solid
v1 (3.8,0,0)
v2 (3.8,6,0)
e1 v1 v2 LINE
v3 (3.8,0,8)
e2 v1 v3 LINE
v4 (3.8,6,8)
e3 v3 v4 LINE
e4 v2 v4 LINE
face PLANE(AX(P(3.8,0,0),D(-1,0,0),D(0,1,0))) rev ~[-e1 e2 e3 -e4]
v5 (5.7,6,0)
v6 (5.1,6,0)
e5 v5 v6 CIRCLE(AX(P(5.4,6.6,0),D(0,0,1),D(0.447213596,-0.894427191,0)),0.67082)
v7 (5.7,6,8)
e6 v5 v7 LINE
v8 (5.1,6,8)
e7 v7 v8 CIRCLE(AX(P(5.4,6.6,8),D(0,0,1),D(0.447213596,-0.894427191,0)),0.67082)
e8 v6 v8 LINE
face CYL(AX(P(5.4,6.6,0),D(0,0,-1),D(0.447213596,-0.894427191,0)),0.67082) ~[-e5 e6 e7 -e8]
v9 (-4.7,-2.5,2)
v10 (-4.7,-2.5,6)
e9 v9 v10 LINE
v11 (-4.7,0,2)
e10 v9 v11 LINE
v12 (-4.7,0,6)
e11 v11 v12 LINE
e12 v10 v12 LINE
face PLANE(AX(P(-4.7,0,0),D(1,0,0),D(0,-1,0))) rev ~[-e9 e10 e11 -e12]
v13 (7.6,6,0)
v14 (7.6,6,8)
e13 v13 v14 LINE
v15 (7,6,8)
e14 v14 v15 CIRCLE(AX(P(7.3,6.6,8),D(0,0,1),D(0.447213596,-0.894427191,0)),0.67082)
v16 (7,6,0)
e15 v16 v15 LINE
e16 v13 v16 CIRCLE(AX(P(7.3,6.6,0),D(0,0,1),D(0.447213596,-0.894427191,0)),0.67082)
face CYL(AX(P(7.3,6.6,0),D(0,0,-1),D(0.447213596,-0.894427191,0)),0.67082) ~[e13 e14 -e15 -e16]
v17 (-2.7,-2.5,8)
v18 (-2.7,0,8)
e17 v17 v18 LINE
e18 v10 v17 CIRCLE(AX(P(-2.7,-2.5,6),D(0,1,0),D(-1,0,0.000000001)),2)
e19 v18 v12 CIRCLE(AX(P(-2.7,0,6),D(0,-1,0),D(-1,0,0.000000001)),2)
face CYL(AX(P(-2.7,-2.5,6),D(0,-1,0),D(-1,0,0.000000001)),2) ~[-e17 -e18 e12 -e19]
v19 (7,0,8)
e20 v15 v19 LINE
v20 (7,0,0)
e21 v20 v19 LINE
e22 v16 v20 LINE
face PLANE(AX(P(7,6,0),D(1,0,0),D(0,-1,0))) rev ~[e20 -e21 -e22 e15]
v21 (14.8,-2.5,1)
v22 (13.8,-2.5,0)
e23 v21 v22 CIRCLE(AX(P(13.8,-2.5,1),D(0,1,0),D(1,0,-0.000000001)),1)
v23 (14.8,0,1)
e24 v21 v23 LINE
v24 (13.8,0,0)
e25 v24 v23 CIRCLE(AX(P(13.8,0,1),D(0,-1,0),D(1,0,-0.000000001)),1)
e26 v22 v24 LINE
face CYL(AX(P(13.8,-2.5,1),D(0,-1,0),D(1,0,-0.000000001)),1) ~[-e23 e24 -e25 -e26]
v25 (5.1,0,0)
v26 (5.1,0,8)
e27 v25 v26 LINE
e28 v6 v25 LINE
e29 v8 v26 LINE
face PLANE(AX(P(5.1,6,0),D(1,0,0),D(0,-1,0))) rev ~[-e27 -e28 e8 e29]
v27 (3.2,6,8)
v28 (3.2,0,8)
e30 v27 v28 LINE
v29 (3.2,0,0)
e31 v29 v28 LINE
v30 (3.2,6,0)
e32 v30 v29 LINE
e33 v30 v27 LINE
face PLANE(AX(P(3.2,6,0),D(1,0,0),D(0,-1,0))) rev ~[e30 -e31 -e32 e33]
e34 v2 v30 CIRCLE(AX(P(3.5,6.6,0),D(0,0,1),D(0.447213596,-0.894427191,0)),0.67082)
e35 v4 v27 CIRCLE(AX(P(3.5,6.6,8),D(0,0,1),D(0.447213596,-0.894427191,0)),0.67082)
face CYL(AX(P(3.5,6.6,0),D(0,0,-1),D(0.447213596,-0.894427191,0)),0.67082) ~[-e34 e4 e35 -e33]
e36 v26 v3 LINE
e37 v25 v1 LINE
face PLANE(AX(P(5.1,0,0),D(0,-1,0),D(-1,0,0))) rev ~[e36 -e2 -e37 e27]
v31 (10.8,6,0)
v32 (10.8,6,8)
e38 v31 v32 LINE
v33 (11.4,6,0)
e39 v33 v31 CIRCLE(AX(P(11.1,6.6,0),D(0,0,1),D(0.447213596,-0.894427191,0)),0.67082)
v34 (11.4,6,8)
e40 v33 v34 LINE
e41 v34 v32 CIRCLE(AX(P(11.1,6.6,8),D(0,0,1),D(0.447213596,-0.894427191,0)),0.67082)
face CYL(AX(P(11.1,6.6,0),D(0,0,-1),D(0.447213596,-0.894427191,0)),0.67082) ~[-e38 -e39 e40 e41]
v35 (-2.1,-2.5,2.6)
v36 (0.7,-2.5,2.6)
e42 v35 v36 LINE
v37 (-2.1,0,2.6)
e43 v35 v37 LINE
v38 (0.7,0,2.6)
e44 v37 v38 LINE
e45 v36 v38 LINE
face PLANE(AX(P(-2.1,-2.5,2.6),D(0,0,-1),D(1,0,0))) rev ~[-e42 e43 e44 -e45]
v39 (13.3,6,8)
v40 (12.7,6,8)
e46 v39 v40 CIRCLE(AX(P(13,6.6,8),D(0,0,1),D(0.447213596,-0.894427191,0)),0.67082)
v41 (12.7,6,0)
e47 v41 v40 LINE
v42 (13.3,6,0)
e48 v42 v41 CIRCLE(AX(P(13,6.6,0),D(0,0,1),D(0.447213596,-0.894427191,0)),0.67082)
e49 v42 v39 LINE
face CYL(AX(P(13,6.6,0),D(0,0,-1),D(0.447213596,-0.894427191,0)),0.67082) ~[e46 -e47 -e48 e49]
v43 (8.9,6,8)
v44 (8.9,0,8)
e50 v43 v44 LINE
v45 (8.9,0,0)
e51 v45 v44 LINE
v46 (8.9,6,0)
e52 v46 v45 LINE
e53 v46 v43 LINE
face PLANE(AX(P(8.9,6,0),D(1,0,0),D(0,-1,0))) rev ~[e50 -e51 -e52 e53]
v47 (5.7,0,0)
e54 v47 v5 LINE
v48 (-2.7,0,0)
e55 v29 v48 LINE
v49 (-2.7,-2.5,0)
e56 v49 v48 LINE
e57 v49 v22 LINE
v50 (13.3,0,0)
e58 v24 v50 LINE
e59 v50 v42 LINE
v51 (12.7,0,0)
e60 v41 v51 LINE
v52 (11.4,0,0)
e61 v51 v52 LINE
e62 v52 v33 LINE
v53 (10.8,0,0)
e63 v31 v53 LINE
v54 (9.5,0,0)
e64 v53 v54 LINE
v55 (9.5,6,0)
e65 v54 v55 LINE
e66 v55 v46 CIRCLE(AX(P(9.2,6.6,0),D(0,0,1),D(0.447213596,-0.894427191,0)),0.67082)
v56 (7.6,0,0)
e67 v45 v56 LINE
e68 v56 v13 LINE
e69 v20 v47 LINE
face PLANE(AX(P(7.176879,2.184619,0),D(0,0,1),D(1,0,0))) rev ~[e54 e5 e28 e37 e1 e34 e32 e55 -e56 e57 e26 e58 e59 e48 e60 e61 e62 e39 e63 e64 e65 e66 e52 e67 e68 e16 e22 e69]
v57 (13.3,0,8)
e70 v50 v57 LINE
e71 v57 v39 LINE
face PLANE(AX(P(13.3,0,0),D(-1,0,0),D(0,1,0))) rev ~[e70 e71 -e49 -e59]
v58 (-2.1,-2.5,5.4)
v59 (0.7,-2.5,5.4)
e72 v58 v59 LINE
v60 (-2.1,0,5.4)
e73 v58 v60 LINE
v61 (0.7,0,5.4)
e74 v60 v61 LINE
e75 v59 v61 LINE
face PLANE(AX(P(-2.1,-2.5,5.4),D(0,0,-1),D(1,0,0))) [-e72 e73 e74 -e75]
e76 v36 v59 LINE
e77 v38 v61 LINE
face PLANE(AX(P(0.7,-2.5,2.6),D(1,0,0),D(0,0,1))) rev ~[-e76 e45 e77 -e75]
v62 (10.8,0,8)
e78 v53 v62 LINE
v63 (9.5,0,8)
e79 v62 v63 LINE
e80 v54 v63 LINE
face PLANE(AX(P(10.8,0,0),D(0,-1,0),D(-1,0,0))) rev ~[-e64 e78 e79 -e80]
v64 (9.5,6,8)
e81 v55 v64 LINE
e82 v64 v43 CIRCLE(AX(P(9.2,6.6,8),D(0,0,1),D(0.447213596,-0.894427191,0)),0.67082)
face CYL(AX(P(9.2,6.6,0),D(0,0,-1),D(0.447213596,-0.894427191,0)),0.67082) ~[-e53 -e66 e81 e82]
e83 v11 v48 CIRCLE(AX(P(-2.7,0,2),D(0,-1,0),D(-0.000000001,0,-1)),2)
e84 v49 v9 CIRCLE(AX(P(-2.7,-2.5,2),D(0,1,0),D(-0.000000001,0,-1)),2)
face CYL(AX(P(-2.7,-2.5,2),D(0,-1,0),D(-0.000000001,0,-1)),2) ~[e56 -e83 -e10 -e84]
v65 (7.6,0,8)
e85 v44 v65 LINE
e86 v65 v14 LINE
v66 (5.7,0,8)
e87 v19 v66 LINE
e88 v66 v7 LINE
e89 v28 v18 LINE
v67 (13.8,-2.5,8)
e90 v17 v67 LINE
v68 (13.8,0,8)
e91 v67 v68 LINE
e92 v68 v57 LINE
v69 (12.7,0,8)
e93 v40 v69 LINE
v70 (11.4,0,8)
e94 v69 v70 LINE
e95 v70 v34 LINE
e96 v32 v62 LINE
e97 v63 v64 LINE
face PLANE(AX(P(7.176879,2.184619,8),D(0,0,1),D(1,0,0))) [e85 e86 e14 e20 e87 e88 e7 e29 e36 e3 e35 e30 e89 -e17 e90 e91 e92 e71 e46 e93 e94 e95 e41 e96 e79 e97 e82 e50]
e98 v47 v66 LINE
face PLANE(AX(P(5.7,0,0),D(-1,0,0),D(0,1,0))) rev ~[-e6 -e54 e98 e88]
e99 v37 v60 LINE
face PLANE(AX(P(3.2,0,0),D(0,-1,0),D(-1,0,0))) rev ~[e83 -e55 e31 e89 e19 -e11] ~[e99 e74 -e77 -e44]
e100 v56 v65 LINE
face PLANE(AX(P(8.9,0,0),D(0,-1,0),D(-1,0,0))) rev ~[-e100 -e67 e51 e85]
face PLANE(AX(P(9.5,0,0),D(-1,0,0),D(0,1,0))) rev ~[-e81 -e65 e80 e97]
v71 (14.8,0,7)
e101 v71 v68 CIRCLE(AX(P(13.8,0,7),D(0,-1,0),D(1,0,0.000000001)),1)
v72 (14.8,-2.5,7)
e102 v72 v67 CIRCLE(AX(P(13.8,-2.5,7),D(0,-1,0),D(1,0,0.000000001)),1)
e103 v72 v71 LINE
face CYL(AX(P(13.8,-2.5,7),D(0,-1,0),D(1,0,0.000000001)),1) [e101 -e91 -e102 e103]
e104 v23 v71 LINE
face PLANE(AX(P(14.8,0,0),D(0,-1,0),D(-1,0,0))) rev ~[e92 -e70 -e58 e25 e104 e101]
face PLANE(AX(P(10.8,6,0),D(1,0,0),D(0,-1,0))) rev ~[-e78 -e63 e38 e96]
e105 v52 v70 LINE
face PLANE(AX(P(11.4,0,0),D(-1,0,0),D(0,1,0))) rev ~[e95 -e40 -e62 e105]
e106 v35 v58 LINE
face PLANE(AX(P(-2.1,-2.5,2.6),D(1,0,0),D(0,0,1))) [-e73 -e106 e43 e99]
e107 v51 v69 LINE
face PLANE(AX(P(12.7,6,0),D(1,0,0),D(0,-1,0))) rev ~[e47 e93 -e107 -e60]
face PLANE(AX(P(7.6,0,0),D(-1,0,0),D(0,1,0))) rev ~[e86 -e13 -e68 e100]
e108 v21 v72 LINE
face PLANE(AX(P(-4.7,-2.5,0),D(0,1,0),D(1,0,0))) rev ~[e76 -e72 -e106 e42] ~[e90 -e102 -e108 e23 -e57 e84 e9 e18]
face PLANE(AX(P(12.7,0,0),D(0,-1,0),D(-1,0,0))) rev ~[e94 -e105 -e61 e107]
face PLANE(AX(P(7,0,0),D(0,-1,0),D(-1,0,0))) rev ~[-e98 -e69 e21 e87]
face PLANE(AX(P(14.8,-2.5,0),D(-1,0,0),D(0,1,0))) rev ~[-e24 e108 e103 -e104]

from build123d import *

# Parameters (mm, degrees)
RESSALTO_EXTRUS_O1_DEPTH = 8
ESBO_O2_W                = 2.8
ESBO_O2_H                = 2.8
CORTE_EXTRUS_O2_DEPTH    = 20.45530599


with BuildPart() as part:
    # Esboço1 → Ressalto-extrusão1 (new body)
    with BuildSketch(Plane.XY):
        with BuildLine():
            Line((0, 0), (-4.7, 0))
            Line((-4.7, 0), (-4.7, -2.5))
            Line((-4.7, -2.5), (-0.2, -2.5))
            Line((-0.2, -2.5), (14.8, -2.5))
            Line((14.8, -2.5), (14.8, 0))
            Line((14.8, 0), (13.3, 0))
            Line((13.3, 0), (13.3, 6))
            ThreePointArc((13.3, 6), (13, 7.270820393), (12.7, 6))
            Line((12.7, 6), (12.7, 0))
            Line((12.7, 0), (11.4, 0))
            Line((11.4, 0), (11.4, 6))
            ThreePointArc((11.4, 6), (11.1, 7.270820393), (10.8, 6))
            Line((10.8, 6), (10.8, 0))
            Line((10.8, 0), (9.5, 0))
            Line((9.5, 0), (9.5, 6))
            ThreePointArc((9.5, 6), (9.2, 7.270820393), (8.9, 6))
            Line((8.9, 6), (8.9, 0))
            Line((8.9, 0), (7.6, 0))
            Line((7.6, 0), (7.6, 6))
            ThreePointArc((7.6, 6), (7.3, 7.270820393), (7, 6))
            Line((7, 6), (7, 0))
            Line((7, 0), (5.7, 0))
            Line((5.7, 0), (5.7, 6))
            ThreePointArc((5.7, 6), (5.4, 7.270820393), (5.1, 6))
            Line((5.1, 6), (5.1, 0))
            Line((5.1, 0), (3.8, 0))
            Line((3.8, 0), (3.8, 6))
            ThreePointArc((3.8, 6), (3.5, 7.270820393), (3.2, 6))
            Line((3.2, 6), (3.2, 0))
            Line((3.2, 0), (1.9, 0))
            Line((1.9, 0), (1.3, 0))
            Line((1.3, 0), (0, 0))
        make_face()
    extrude(amount=RESSALTO_EXTRUS_O1_DEPTH)

    # Esboço2 → Corte-extrusão2 (cut, through all)
    with BuildSketch(Plane.XZ.offset(2.5)):
        with BuildLine():
            Line((-2.7, 8), (-4.7, 8))
            Line((-4.7, 8), (-4.7, 6))
            ThreePointArc((-4.7, 6), (-4.114213562, 7.414213562), (-2.7, 8))
        make_face()
        with BuildLine():
            Line((-4.7, 2), (-4.7, 0))
            Line((-4.7, 0), (-2.7, 0))
            ThreePointArc((-2.7, 0), (-4.114213562, 0.585786438), (-4.7, 2))
        make_face()
        with Locations((-0.7, 4)):
            Rectangle(ESBO_O2_W, ESBO_O2_H)
        with BuildLine():
            Line((13.8, 8), (14.8, 8))
            Line((14.8, 8), (14.8, 7))
            ThreePointArc((14.8, 7), (14.507106781, 7.707106781), (13.8, 8))
        make_face()
        with BuildLine():
            Line((13.8, 0), (14.8, 0))
            Line((14.8, 0), (14.8, 1))
            ThreePointArc((14.8, 1), (14.507106781, 0.292893219), (13.8, 0))
        make_face()
    extrude(amount=-CORTE_EXTRUS_O2_DEPTH, mode=Mode.SUBTRACT)


solid = part.part
